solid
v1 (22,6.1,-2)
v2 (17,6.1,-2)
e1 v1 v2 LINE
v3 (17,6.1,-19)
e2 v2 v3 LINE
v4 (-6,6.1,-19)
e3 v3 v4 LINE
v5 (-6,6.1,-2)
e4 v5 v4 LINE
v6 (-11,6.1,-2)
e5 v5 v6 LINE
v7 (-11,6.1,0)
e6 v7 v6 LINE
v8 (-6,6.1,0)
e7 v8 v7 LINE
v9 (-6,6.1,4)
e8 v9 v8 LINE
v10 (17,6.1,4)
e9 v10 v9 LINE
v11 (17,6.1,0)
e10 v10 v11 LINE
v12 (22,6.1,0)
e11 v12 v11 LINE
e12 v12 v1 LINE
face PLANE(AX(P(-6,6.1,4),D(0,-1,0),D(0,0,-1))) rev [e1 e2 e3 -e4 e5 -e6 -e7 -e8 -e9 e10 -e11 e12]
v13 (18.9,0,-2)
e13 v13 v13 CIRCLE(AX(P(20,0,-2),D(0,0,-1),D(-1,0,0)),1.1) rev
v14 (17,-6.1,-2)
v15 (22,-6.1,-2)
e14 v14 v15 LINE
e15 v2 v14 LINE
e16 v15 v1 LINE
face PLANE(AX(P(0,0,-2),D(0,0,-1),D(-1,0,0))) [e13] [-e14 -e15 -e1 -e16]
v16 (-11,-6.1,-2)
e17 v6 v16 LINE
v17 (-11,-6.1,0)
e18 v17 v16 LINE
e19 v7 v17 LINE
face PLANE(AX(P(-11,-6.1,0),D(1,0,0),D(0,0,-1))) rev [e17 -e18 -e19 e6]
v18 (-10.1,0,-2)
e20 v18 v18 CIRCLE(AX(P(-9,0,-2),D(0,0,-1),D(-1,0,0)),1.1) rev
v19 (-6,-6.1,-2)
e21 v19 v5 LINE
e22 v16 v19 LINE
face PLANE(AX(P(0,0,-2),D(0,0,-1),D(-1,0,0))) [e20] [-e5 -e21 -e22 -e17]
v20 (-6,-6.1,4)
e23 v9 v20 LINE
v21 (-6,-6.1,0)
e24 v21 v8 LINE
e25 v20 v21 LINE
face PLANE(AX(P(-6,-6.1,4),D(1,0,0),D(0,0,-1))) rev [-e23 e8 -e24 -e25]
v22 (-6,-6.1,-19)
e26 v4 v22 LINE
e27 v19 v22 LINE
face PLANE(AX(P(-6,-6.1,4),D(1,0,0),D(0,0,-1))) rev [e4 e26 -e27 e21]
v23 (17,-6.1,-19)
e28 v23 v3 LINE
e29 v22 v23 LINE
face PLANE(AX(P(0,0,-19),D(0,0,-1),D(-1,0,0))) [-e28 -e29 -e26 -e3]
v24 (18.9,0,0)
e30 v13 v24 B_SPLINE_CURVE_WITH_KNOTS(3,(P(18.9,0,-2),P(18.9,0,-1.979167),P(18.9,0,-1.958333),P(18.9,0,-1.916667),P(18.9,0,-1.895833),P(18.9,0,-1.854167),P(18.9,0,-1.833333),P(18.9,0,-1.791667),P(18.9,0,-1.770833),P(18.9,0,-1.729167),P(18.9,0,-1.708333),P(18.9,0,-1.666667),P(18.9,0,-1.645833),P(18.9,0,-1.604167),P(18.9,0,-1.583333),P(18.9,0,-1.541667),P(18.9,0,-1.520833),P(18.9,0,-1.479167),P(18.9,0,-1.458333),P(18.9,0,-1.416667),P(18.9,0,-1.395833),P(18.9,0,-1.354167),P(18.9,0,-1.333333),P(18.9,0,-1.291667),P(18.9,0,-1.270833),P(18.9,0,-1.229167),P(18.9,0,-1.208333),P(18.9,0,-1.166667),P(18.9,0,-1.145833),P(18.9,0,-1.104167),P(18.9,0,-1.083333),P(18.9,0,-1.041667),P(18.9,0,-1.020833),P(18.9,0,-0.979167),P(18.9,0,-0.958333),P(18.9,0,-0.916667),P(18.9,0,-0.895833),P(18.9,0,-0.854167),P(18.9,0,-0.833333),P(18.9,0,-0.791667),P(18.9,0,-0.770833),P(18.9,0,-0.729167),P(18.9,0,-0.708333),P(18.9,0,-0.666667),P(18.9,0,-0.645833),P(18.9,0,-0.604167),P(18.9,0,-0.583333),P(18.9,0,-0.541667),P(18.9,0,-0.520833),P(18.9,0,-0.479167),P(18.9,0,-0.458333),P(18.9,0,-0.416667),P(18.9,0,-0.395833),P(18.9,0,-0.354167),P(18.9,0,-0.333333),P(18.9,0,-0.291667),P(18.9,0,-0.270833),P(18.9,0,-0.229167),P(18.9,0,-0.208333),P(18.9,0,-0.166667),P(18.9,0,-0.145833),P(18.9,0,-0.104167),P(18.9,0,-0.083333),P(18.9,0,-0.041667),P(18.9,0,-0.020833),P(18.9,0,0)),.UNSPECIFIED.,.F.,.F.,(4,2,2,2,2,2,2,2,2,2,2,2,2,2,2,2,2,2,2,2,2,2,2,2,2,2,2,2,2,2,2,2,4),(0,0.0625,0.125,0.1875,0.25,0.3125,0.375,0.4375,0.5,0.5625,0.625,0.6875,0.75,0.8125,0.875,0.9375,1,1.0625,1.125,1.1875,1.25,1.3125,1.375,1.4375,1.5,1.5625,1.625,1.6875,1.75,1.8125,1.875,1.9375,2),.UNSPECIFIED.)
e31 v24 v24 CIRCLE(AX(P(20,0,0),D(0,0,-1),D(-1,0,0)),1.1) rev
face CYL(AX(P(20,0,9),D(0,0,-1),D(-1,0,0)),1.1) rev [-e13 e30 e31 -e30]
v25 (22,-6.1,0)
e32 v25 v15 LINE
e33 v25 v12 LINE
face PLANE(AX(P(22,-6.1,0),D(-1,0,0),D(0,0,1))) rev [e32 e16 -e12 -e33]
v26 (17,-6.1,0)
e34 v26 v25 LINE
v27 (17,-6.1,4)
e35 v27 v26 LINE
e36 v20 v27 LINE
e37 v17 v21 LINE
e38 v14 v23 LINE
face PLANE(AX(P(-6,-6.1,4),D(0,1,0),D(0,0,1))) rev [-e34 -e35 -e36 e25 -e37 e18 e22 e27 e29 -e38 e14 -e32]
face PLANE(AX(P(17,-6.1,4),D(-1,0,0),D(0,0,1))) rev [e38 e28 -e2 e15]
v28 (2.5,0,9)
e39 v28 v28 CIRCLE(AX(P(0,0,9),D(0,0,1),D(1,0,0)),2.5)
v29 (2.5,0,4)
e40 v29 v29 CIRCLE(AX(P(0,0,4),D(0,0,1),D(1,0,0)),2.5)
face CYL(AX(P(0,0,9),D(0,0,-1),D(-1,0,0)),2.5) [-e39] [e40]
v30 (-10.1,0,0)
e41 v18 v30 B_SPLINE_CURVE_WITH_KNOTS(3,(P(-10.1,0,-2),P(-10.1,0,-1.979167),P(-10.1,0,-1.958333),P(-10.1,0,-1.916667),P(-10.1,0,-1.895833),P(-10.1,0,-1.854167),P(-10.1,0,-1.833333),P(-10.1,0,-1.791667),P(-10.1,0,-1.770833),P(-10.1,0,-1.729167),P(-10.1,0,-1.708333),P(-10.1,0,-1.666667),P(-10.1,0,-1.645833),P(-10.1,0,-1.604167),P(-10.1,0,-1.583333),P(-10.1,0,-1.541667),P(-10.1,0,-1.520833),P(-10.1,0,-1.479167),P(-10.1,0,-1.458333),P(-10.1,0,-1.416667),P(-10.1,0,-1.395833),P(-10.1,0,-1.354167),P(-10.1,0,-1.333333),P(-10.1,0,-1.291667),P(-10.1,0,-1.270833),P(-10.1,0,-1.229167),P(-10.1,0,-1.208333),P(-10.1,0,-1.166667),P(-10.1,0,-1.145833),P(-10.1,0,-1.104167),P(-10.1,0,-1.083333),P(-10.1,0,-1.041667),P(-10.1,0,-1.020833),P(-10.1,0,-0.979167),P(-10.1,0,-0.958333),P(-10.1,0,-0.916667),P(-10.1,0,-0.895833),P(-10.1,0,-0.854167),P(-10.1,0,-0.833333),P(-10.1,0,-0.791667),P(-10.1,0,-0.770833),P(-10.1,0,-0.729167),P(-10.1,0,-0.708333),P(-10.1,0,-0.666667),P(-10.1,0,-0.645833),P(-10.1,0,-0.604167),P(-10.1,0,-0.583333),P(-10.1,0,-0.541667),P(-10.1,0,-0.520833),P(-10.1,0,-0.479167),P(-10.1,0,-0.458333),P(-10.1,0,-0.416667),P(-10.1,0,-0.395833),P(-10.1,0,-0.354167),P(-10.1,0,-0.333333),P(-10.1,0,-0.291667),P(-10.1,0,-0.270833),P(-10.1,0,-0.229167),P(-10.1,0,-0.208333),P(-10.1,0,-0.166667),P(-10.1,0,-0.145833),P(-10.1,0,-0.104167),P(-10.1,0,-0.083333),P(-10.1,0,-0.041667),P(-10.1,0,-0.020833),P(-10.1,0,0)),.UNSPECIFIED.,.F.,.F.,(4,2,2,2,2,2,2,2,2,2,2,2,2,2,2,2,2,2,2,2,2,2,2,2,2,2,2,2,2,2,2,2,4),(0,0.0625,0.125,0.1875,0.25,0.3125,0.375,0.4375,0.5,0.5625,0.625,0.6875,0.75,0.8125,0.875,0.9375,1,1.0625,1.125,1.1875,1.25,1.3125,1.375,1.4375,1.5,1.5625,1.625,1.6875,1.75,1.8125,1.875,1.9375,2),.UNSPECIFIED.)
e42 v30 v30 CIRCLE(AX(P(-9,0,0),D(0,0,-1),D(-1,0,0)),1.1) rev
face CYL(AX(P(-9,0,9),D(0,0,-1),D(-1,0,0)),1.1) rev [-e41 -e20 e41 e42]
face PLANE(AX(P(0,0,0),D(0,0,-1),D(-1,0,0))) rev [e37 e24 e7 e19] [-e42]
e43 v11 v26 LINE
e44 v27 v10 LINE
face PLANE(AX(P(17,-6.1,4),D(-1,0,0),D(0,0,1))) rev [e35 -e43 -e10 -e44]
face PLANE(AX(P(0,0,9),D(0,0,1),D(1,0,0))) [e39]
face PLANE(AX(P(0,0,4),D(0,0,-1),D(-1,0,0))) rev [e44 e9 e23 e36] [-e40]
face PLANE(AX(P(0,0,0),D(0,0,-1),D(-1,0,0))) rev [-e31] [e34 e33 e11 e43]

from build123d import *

# Parameters (mm, degrees)
CASE_23X12P2X23_START                = -19
CASE_23X12P2X23_PROFILE_W            = 23
CASE_23X12P2X23_PROFILE_H            = 12.2
CASE_23X12P2X23_DEPTH                = 23
MOUNTING_EARS_33X12P2_START          = -2
MOUNTING_EARS_33X12P2_PROFILE_W      = 33
MOUNTING_EARS_33X12P2_PROFILE_H      = 12.2
MOUNTING_EARS_33X12P2_DEPTH          = 2
OUTPUT_ENVELOPE_NOT_SPLINE_START     = 4
OUTPUT_ENVELOPE_NOT_SPLINE_PROFILE_R = 2.5
OUTPUT_ENVELOPE_NOT_SPLINE_DEPTH     = 5
MOUNTING_HOLES_NOMINAL_START         = -50
MOUNTING_HOLES_NOMINAL_PROFILE_R     = 1.1
MOUNTING_HOLES_NOMINAL_DEPTH         = 80.702020133


with BuildPart() as part:
    # Case_23x12p2x23_profile → Case_23x12p2x23 (new body)
    with BuildSketch(Plane.XY.offset(CASE_23X12P2X23_START)):
        with Locations((5.5, 0)):
            Rectangle(CASE_23X12P2X23_PROFILE_W, CASE_23X12P2X23_PROFILE_H)
    extrude(amount=CASE_23X12P2X23_DEPTH)

    # Mounting_ears_33x12p2_profile → Mounting_ears_33x12p2 (add)
    with BuildSketch(Plane.XY.offset(MOUNTING_EARS_33X12P2_START)):
        with Locations((5.5, 0)):
            Rectangle(MOUNTING_EARS_33X12P2_PROFILE_W, MOUNTING_EARS_33X12P2_PROFILE_H)
    extrude(amount=MOUNTING_EARS_33X12P2_DEPTH)

    # Output_envelope_not_spline_profile → Output_envelope_not_spline (add)
    with BuildSketch(Plane.XY.offset(OUTPUT_ENVELOPE_NOT_SPLINE_START)):
        Circle(OUTPUT_ENVELOPE_NOT_SPLINE_PROFILE_R)
    extrude(amount=OUTPUT_ENVELOPE_NOT_SPLINE_DEPTH)

    # Mounting_holes_nominal_profile → Mounting_holes_nominal (cut, through all)
    with BuildSketch(Plane.XY.offset(MOUNTING_HOLES_NOMINAL_START)):
        with Locations(Location((-9, 0, 0), (0, 0, 180))):
            Circle(MOUNTING_HOLES_NOMINAL_PROFILE_R)
        with Locations(Location((20, 0, 0), (0, 0, 180))):
            Circle(MOUNTING_HOLES_NOMINAL_PROFILE_R)
    extrude(amount=MOUNTING_HOLES_NOMINAL_DEPTH, mode=Mode.SUBTRACT)


solid = part.part
